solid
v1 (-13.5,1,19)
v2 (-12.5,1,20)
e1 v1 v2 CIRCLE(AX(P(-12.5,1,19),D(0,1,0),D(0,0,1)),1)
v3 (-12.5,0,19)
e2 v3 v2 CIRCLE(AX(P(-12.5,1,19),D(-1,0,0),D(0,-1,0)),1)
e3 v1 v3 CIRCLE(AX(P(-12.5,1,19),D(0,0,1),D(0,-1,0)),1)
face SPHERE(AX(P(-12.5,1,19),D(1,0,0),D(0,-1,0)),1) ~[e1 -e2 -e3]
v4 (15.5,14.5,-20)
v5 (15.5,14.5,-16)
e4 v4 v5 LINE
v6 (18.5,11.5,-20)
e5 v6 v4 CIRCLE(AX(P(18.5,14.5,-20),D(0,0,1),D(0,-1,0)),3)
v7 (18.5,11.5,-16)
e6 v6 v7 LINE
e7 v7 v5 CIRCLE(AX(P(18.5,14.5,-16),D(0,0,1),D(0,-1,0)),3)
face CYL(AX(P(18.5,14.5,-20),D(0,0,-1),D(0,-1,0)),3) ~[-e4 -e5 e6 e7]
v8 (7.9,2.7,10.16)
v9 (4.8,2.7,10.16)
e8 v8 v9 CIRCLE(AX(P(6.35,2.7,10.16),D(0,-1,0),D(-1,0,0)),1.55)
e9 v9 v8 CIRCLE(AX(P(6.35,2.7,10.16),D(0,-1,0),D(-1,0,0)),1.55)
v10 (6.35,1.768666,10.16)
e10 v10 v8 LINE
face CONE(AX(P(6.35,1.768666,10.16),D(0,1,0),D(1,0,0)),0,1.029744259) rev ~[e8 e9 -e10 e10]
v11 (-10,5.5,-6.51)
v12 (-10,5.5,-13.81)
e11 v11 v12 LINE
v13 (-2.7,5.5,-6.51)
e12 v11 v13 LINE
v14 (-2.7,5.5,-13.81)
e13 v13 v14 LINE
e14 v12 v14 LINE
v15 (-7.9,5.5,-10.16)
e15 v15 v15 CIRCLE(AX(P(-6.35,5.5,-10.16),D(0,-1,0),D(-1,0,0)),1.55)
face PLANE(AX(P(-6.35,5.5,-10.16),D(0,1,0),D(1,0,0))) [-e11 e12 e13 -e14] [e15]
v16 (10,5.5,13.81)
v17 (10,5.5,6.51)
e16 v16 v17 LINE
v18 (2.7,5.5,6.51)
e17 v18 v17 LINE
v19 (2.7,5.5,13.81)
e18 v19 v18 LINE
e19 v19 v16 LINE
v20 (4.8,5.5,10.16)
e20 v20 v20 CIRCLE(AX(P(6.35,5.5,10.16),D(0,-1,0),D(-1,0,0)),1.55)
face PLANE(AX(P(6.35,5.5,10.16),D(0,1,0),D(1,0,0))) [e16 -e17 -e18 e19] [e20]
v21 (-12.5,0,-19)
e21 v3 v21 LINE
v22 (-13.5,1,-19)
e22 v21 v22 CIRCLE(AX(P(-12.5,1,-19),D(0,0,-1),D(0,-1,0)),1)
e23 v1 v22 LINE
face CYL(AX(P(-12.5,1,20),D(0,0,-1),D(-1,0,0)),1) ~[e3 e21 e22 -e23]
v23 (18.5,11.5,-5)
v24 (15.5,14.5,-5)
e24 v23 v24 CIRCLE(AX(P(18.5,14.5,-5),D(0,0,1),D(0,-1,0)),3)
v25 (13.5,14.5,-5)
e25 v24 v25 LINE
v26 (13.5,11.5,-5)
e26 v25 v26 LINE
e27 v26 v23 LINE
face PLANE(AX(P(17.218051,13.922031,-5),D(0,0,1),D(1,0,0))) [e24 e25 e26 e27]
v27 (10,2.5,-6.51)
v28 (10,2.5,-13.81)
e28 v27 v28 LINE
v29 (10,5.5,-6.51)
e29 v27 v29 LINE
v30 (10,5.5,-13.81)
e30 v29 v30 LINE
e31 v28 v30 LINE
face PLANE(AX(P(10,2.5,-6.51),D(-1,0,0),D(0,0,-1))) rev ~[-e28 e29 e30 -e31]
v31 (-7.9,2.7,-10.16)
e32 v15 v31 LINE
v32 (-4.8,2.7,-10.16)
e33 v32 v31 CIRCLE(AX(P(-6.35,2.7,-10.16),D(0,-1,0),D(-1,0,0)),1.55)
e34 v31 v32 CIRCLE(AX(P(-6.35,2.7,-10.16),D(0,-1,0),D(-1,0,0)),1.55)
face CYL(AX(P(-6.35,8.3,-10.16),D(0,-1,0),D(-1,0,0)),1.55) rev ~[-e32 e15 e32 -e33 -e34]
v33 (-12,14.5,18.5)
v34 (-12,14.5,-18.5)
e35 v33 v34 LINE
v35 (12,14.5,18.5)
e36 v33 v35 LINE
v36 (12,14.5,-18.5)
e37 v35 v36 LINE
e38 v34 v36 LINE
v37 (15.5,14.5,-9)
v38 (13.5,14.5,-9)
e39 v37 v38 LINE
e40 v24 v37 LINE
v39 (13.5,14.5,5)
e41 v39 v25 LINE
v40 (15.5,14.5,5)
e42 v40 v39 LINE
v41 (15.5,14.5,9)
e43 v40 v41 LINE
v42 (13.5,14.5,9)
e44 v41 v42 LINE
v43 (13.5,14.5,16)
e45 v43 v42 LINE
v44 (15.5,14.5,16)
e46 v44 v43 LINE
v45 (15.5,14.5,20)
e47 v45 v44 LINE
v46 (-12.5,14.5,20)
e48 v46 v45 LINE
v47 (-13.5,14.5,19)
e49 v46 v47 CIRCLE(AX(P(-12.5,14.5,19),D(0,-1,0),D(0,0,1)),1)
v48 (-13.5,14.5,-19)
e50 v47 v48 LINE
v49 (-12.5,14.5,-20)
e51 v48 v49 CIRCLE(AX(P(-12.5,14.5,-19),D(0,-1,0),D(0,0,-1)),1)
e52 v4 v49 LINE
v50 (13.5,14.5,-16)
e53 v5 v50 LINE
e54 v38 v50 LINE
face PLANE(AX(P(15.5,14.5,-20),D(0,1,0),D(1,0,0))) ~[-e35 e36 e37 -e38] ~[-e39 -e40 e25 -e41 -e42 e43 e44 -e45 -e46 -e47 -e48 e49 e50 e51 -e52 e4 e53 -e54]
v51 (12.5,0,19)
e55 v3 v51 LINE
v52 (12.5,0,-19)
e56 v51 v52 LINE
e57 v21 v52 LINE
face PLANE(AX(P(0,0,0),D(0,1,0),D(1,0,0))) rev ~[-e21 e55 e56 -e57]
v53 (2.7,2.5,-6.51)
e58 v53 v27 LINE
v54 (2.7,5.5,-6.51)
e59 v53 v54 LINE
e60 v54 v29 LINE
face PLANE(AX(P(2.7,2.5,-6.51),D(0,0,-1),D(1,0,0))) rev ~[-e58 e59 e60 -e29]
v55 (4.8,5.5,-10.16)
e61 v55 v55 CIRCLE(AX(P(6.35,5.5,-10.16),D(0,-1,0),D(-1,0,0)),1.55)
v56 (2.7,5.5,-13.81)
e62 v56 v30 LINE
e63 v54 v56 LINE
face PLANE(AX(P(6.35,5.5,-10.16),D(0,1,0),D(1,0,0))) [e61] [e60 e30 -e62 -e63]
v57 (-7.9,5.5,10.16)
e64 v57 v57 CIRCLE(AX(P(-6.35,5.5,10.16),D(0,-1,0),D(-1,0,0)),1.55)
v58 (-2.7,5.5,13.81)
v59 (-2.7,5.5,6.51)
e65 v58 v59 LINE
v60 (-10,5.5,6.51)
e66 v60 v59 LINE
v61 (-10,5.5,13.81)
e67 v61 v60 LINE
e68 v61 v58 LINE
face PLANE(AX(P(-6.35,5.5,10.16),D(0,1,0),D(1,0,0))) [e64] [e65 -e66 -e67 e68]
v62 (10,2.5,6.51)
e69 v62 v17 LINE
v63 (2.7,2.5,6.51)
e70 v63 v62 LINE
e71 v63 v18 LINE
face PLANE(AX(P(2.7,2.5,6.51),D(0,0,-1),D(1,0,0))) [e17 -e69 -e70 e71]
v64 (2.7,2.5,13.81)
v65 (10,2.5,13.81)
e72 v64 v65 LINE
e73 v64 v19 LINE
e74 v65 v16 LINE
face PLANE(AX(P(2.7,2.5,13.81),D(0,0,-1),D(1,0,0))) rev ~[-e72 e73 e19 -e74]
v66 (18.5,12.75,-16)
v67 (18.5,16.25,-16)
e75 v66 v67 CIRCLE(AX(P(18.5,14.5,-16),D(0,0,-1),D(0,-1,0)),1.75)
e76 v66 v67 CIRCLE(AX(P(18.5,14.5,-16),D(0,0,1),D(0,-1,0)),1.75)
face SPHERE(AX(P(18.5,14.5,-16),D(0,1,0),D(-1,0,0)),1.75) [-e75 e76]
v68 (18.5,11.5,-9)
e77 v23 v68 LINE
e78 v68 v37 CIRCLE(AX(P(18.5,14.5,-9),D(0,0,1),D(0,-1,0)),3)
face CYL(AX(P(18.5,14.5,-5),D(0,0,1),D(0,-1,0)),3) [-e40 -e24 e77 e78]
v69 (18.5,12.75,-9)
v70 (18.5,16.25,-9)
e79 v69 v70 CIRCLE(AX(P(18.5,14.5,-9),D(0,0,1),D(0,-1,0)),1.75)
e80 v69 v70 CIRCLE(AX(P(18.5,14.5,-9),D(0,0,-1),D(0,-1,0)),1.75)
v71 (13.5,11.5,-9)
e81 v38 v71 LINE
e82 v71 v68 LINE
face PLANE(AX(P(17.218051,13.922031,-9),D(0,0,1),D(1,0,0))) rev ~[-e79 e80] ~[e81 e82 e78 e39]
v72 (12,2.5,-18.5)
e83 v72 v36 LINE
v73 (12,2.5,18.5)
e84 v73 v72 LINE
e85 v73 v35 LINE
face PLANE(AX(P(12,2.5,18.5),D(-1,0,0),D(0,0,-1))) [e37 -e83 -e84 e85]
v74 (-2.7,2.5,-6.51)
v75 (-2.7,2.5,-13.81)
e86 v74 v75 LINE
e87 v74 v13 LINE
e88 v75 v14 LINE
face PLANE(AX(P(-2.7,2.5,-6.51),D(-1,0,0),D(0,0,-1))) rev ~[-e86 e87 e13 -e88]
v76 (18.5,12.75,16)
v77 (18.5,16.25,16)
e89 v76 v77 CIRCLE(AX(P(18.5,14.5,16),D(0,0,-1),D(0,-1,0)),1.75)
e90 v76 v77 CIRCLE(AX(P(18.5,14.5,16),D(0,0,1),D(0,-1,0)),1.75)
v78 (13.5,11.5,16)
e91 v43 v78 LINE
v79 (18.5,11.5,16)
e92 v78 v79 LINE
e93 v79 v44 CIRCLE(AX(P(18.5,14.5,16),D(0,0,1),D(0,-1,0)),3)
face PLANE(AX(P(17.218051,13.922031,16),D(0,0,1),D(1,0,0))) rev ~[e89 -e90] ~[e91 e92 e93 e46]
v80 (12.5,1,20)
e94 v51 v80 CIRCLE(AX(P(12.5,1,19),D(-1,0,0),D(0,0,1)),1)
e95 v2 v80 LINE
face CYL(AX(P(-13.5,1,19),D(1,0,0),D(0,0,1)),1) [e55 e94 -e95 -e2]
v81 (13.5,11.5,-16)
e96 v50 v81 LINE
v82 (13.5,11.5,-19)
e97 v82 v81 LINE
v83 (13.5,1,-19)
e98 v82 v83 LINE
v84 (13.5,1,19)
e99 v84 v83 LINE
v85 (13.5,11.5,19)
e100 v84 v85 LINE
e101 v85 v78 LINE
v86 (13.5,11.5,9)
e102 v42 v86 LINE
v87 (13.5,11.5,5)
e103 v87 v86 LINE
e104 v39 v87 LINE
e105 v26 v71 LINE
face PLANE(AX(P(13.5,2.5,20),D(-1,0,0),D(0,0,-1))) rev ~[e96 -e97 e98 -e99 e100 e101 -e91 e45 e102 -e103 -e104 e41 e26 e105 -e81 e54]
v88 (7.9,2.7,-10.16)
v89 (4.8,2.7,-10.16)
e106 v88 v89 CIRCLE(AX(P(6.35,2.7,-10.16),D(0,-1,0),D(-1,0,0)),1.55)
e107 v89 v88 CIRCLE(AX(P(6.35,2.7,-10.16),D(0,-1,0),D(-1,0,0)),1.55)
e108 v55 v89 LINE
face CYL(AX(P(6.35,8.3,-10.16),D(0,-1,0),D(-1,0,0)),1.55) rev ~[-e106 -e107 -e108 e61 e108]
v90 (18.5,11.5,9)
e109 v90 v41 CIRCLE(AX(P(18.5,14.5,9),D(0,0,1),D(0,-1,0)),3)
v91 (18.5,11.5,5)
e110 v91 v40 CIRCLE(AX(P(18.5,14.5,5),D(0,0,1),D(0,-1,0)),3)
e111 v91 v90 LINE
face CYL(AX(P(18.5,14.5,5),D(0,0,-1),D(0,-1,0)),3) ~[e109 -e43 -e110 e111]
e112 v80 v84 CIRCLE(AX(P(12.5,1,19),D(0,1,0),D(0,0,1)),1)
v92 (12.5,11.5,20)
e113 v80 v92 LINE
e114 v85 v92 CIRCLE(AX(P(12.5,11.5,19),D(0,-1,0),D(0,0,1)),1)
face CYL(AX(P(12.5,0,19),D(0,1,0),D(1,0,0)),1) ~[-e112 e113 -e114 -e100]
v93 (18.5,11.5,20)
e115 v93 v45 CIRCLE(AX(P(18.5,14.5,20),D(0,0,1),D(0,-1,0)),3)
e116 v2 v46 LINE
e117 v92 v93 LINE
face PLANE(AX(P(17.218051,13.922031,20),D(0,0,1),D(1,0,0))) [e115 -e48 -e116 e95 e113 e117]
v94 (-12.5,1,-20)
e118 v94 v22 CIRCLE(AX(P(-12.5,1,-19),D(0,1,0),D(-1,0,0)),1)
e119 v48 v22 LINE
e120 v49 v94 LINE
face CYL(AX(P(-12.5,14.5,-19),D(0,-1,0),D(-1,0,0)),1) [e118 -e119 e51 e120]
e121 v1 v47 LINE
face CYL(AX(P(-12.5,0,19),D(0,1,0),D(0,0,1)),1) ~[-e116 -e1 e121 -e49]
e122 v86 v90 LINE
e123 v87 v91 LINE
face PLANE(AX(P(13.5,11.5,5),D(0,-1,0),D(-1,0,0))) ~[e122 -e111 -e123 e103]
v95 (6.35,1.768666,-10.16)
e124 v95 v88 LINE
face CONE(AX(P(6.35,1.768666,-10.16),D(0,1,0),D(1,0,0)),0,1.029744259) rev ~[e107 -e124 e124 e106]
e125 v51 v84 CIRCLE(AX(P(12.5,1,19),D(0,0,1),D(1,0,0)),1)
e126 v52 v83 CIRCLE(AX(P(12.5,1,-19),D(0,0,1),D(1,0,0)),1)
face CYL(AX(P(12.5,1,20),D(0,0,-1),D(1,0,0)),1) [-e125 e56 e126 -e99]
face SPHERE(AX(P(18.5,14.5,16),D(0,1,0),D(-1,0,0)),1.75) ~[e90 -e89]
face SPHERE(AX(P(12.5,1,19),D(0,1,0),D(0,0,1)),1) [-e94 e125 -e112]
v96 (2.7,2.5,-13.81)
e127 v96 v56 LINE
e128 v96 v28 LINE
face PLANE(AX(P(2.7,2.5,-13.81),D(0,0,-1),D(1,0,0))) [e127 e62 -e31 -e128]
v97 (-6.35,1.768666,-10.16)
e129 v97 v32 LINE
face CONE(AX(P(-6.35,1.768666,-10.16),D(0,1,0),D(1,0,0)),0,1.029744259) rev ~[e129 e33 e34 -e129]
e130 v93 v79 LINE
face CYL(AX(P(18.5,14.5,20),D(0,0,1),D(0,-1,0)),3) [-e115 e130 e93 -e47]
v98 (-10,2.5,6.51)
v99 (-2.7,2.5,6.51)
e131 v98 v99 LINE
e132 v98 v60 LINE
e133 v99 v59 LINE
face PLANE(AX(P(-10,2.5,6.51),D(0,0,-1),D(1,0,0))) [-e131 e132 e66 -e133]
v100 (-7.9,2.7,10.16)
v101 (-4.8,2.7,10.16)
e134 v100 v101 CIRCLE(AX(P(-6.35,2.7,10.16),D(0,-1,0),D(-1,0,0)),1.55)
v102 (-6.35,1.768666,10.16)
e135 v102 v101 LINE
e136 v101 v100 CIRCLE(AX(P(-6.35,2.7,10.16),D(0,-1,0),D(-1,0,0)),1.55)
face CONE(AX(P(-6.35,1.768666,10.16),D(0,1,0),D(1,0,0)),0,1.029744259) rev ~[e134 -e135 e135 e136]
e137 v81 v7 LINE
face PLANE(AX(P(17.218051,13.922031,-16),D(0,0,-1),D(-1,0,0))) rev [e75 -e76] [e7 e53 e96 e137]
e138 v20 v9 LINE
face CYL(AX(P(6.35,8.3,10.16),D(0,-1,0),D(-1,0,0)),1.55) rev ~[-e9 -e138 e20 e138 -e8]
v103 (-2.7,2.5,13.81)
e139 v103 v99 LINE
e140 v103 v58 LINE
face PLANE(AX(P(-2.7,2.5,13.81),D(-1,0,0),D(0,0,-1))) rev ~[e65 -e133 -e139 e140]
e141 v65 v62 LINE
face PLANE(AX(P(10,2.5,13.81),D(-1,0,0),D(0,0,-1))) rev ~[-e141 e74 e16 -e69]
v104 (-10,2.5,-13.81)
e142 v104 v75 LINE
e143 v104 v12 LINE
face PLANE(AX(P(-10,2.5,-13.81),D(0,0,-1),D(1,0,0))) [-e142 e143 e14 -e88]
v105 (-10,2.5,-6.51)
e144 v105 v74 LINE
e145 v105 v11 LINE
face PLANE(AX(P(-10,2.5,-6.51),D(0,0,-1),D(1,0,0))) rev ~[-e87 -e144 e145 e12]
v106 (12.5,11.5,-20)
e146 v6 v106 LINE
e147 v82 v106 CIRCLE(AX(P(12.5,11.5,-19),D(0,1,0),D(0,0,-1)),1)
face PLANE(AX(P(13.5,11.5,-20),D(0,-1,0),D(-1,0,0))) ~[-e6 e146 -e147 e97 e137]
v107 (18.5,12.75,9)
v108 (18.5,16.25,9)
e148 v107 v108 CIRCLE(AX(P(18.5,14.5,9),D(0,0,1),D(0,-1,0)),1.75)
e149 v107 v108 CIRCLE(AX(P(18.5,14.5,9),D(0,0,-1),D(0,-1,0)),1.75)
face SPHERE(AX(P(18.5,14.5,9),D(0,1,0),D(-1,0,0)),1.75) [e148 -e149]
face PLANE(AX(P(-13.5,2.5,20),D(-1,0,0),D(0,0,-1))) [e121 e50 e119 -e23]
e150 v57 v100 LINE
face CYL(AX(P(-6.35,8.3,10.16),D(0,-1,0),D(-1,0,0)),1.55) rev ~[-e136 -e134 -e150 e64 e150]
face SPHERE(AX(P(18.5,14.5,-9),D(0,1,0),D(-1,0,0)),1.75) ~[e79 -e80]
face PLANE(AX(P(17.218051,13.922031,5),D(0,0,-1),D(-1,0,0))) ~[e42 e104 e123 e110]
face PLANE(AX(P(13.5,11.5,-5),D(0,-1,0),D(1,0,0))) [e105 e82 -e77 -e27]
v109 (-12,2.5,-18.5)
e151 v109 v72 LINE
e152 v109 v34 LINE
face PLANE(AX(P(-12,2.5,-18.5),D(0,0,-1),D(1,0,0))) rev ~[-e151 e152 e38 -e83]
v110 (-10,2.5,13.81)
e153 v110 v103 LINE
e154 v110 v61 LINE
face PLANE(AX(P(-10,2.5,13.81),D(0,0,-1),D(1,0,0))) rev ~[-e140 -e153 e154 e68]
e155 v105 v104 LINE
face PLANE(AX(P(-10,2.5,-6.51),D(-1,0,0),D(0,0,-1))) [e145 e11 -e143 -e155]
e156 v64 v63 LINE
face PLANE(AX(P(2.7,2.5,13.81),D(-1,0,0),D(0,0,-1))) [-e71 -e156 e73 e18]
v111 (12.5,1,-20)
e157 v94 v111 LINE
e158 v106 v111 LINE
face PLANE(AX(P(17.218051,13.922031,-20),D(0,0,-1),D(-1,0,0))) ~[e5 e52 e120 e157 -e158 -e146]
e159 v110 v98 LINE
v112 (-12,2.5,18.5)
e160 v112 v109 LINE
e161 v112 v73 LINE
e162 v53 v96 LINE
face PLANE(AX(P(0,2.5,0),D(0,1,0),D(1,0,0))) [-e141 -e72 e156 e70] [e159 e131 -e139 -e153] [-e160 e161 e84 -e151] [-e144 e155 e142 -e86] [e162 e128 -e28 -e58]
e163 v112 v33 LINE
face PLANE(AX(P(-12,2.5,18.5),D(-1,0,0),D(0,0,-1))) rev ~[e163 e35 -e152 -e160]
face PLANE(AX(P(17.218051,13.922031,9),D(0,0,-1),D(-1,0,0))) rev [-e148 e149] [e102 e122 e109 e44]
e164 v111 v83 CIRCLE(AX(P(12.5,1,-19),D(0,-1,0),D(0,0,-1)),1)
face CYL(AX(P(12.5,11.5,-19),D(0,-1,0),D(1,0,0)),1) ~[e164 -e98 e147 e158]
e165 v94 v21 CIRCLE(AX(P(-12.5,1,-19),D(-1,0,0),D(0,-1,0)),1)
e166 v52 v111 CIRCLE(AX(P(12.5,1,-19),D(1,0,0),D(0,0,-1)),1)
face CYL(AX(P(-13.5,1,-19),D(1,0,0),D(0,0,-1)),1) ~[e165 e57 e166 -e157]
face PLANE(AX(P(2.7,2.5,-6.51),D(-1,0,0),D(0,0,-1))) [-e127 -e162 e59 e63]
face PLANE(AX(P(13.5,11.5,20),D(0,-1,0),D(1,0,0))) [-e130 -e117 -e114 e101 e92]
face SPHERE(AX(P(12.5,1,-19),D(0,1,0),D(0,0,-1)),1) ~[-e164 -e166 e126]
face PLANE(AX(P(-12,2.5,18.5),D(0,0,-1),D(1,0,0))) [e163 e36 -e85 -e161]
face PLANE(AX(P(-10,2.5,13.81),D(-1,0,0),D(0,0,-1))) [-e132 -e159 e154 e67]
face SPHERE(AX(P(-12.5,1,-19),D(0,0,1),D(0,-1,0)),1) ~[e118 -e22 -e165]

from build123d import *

# Parameters (mm, degrees)
SKETCH2_W                 = 27
SKETCH2_H                 = 40
BOSS_EXTRUDE1_DEPTH       = 2.5
SKETCH3_W                 = 27
SKETCH3_H                 = 40
SKETCH3_W_2               = 24
SKETCH3_H_2               = 37
BOSS_EXTRUDE2_DEPTH       = 12
BOSS_EXTRUDE3_DEPTH       = 4
SKETCH5_W                 = 7.3
SKETCH5_H                 = 7.3
BOSS_EXTRUDE4_DEPTH       = 3
F_3_0MM_DOWEL_HOLE1_D     = 3.1
F_3_0MM_DOWEL_HOLE1_DEPTH = 2.8
F_3_0MM_DOWEL_HOLE1_TIP   = 0.931333959
REVOLVE1_ANGLE            = 180
MIRROR2_COPY_1_DEPTH      = 4
MIRROR2_COPY_2_ANGLE      = 180
FILLET1_R                 = 1


with BuildPart() as part:
    # Sketch2 → Boss-Extrude1 (new body)
    with BuildSketch(Plane(origin=(0, 0, 0), x_dir=(1, 0, 0), z_dir=(0, 1, 0))):
        Rectangle(SKETCH2_W, SKETCH2_H)
    extrude(amount=BOSS_EXTRUDE1_DEPTH)

    # Sketch3 → Boss-Extrude2 (add)
    with BuildSketch(Plane(origin=(0, 2.5, 0), x_dir=(1, 0, 0), z_dir=(0, 1, 0))):
        Rectangle(SKETCH3_W, SKETCH3_H)
        Rectangle(SKETCH3_W_2, SKETCH3_H_2, mode=Mode.SUBTRACT)
    extrude(amount=BOSS_EXTRUDE2_DEPTH)

    # Sketch4 → Boss-Extrude3 (add)
    with BuildSketch(Plane.XY.offset(20)):
        with BuildLine():
            Line((15.5, 14.5), (13.5, 14.5))
            Line((13.5, 14.5), (13.5, 11.5))
            Line((13.5, 11.5), (18.5, 11.5))
            ThreePointArc((18.5, 11.5), (20.621320344, 16.621320344), (15.5, 14.5))
        make_face()
    boss_extrude3 = extrude(amount=-BOSS_EXTRUDE3_DEPTH)

    # Sketch5 → Boss-Extrude4 (add)
    with BuildSketch(Plane(origin=(0, 2.5, 0), x_dir=(1, 0, 0), z_dir=(0, 1, 0))):
        with Locations((-6.35, 10.16)):
            Rectangle(SKETCH5_W, SKETCH5_H)
        with Locations((6.35, 10.16)):
            Rectangle(SKETCH5_W, SKETCH5_H)
        with Locations((6.35, -10.16)):
            Rectangle(SKETCH5_W, SKETCH5_H)
        with Locations((-6.35, -10.16)):
            Rectangle(SKETCH5_W, SKETCH5_H)
    extrude(amount=BOSS_EXTRUDE4_DEPTH)

    # Ø3.0mm Dowel Hole1
    with Locations(Plane(origin=(0, 5.5, 0), x_dir=(1, 0, 0), z_dir=(0, 1, 0))):
        with Locations((-6.35, 10.16), (6.35, 10.16), (6.35, -10.16), (-6.35, -10.16)):
            Hole(F_3_0MM_DOWEL_HOLE1_D / 2, depth=F_3_0MM_DOWEL_HOLE1_DEPTH)
            with Locations((0, 0, -(F_3_0MM_DOWEL_HOLE1_DEPTH + F_3_0MM_DOWEL_HOLE1_TIP / 2))):  # 118° drill point
                Cone(0, F_3_0MM_DOWEL_HOLE1_D / 2, F_3_0MM_DOWEL_HOLE1_TIP, mode=Mode.SUBTRACT)

    # Sketch13 → Revolve1 (revolve)
    with BuildSketch(Plane(origin=(0, 0, 16), x_dir=(-1, 0, 0), z_dir=(0, 0, -1))):
        with BuildLine():
            Line((-18.5, 16.25), (-18.5, 12.75))
            ThreePointArc((-18.5, 12.75), (-16.75, 14.5), (-18.5, 16.25))
        make_face()
    revolve1 = revolve(axis=Axis((18.5, 11.5, 16), (0, -1, 0)), revolution_arc=REVOLVE1_ANGLE)

    # Mirror1: Boss-Extrude3, Revolve1 across plane
    add(boss_extrude3.mirror(Plane(origin=(0, 0, 12.5), x_dir=(1, 0, 0), z_dir=(0, 0, -1))))
    add(revolve1.mirror(Plane(origin=(0, 0, 12.5), x_dir=(1, 0, 0), z_dir=(0, 0, -1))))

    # Mirror2: Boss-Extrude3, Revolve1 across plane
    add(boss_extrude3.mirror(Plane(origin=(0, 0, 0), x_dir=(1, 0, 0), z_dir=(0, 0, -1))))
    add(revolve1.mirror(Plane(origin=(0, 0, 0), x_dir=(1, 0, 0), z_dir=(0, 0, -1))))

    # Mirror2 copy 1 sketch → Mirror2 copy 1 (add)
    with BuildSketch(Plane.XY.offset(-5)):
        with BuildLine():
            Line((15.5, 14.5), (13.5, 14.5))
            Line((13.5, 14.5), (13.5, 11.5))
            Line((13.5, 11.5), (18.5, 11.5))
            ThreePointArc((18.5, 11.5), (20.621320344, 16.621320344), (15.5, 14.5))
        make_face()
    extrude(amount=-MIRROR2_COPY_1_DEPTH)

    # Mirror2 copy 2 sketch → Mirror2 copy 2 (revolve)
    with BuildSketch(Plane(origin=(0, 0, -9), x_dir=(-1, 0, 0), z_dir=(0, 0, -1))):
        with BuildLine():
            Line((-18.5, 16.25), (-18.5, 12.75))
            ThreePointArc((-18.5, 12.75), (-16.75, 14.5), (-18.5, 16.25))
        make_face()
    revolve(axis=Axis((18.5, 11.5, -9), (0, -1, 0)), revolution_arc=MIRROR2_COPY_2_ANGLE)

    # Fillet1
    fillet1_edges = [part.edges().sort_by_distance(p)[0] for p in [
        (13.5, 5.75, -20),
        (13.5, 5.75, 20),
        (0, 0, 20),
        (-13.5, 0, 0),
        (0, 0, -20),
        (13.5, 0, 0),
        (-13.5, 7.25, 20),
        (-13.5, 7.25, -20),
    ]]
    fillet(fillet1_edges, radius=FILLET1_R)


solid = part.part
